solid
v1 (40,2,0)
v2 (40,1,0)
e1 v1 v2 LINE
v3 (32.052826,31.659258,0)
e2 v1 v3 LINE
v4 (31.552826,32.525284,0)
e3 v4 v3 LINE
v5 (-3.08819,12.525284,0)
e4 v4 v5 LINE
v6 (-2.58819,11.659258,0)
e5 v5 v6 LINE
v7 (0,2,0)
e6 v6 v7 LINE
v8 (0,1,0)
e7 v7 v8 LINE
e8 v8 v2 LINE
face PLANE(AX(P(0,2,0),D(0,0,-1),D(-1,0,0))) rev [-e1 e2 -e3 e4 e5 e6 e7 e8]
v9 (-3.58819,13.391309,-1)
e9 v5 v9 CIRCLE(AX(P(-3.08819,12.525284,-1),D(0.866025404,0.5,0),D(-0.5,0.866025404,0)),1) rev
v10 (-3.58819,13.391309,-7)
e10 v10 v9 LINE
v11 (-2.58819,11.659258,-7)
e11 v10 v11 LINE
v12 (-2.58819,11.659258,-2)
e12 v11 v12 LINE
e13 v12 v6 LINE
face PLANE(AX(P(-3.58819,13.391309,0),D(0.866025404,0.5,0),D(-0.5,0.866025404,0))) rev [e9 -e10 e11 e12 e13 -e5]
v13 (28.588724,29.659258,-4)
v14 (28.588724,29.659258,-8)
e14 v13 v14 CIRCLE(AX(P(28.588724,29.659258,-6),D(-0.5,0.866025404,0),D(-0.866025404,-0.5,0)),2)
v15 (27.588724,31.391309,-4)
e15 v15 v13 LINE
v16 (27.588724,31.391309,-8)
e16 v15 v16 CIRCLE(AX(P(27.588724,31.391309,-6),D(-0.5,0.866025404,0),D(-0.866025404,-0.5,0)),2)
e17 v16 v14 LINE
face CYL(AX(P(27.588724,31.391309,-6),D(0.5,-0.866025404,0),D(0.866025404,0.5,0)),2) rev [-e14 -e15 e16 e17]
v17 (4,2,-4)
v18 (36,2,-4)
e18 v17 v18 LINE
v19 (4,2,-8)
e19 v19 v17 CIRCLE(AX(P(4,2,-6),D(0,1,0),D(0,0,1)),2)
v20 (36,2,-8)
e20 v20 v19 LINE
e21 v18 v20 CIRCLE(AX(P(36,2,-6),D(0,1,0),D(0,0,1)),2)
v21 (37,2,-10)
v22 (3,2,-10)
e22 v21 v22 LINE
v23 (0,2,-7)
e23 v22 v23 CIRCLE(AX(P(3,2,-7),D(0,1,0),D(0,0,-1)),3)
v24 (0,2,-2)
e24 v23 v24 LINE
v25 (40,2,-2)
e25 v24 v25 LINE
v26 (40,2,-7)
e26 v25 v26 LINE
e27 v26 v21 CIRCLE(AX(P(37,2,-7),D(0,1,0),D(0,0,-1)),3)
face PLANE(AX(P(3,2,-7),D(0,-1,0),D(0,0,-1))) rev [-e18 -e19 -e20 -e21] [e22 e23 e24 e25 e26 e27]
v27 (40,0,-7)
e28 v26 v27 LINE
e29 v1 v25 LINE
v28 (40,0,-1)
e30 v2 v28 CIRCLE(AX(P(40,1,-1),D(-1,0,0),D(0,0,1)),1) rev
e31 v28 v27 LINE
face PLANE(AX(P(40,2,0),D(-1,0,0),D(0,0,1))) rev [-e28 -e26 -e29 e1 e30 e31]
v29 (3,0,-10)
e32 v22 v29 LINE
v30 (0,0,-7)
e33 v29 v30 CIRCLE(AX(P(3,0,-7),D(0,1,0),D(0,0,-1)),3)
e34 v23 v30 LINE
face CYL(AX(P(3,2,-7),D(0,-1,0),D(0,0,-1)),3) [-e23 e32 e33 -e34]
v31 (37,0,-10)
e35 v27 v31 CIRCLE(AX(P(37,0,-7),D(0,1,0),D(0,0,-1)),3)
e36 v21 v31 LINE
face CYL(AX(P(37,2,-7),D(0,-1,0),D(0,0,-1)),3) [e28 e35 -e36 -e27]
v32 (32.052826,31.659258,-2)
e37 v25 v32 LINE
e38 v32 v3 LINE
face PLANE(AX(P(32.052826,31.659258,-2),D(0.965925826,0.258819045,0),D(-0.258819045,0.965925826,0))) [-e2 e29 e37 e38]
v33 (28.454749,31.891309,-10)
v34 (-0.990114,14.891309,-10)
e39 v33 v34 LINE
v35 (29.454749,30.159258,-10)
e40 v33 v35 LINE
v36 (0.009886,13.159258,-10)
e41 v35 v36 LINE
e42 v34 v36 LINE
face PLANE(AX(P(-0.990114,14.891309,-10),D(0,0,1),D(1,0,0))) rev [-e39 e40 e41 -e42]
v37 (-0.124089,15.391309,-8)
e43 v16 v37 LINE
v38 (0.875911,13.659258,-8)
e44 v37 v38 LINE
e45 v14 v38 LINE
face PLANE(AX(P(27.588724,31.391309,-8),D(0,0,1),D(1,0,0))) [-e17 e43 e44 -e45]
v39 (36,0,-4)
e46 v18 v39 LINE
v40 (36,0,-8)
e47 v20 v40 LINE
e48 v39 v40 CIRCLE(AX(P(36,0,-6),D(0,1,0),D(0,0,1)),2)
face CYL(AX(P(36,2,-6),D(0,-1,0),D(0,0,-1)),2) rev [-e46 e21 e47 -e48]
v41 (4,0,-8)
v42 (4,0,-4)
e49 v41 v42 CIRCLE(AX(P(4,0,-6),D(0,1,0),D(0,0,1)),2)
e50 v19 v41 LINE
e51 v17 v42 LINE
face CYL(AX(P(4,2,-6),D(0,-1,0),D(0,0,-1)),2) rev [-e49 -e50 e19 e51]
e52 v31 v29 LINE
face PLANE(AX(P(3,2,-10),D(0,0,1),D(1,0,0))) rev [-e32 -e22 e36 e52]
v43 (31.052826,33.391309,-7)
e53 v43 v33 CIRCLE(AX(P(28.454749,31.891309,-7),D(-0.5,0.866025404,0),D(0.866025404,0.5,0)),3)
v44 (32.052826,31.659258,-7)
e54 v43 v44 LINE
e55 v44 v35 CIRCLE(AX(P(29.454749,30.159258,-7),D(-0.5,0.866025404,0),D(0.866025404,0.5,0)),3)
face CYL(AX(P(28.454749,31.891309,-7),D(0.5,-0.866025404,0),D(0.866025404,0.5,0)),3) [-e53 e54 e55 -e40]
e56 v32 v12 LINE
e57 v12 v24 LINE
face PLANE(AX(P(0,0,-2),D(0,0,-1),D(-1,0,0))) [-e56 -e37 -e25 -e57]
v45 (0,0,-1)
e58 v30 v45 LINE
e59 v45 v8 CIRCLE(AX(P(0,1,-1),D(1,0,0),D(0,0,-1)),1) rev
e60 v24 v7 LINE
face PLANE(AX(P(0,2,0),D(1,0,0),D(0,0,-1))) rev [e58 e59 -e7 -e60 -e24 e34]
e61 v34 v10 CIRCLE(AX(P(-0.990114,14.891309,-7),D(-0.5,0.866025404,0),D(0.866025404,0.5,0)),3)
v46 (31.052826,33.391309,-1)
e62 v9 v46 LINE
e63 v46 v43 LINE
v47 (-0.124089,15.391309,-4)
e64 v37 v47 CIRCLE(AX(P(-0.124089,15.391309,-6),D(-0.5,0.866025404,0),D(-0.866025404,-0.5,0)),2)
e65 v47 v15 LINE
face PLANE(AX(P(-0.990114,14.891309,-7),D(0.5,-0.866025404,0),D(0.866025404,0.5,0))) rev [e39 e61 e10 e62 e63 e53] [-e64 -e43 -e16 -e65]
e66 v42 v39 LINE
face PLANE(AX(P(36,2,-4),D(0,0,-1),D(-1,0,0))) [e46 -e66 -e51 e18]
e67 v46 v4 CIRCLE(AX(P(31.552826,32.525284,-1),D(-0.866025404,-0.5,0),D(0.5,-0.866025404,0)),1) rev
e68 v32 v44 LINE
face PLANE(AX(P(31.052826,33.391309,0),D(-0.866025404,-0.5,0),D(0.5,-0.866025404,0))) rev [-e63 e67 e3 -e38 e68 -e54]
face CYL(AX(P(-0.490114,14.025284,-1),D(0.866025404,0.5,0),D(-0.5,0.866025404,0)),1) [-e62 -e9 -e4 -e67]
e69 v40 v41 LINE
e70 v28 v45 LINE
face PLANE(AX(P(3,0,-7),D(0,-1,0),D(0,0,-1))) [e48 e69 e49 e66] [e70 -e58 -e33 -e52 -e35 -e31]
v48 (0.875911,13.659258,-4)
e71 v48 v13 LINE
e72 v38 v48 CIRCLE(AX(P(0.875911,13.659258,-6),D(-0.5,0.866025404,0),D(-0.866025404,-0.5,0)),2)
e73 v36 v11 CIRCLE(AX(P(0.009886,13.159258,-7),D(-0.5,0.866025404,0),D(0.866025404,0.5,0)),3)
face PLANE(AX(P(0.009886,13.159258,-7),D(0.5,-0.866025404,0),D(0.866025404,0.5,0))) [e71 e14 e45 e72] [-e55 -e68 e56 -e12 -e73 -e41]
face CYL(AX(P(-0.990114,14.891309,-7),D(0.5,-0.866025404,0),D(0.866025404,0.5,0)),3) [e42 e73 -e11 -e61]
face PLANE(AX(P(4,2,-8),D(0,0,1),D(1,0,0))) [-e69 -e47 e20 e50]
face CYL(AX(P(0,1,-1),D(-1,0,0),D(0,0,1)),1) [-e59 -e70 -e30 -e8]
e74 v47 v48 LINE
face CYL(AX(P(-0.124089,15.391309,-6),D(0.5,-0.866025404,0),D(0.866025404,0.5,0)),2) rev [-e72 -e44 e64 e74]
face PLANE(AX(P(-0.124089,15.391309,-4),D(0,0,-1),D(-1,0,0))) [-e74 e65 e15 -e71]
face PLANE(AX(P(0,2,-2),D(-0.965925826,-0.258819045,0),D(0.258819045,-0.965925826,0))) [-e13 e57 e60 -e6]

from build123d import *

# Parameters (mm, degrees)
BOSS_EXTRUDE2_DEPTH = 2
BOSS_EXTRUDE3_DEPTH = 2
BOSS_EXTRUDE4_DEPTH = 2
FILLET1_R           = 1
FILLET2_R           = 1


with BuildPart() as part:
    # Sketch1 → Boss-Extrude2 (new body)
    with BuildSketch(Plane(origin=(0, 0, 0), x_dir=(1, 0, 0), z_dir=(0, 1, 0))):
        with BuildLine():
            Line((0, 0), (40, 0))
            Line((40, 0), (40, 7))
            ThreePointArc((40, 7), (39.121320344, 9.121320344), (37, 10))
            Line((37, 10), (3, 10))
            ThreePointArc((3, 10), (0.878679656, 9.121320344), (0, 7))
            Line((0, 7), (0, 0))
        make_face()
        with BuildLine():
            Line((4, 8), (36, 8))
            ThreePointArc((36, 8), (38, 6), (36, 4))
            Line((36, 4), (4, 4))
            ThreePointArc((4, 4), (2, 6), (4, 8))
        make_face(mode=Mode.SUBTRACT)
    extrude(amount=BOSS_EXTRUDE2_DEPTH)

    # Sketch2 → Boss-Extrude3 (add)
    with BuildSketch(Plane.XY):
        Polygon((0, 2), (-2.588190451, 11.659258263), (32.0528257, 31.659258263), (40, 2), align=None)
    extrude(amount=-BOSS_EXTRUDE3_DEPTH)

    # Sketch3 → Boss-Extrude4 (add)
    with BuildSketch(Plane(origin=(-5.695654535, 9.865163037, 0), x_dir=(0.866025403784438, 0.5000000000000012, 0), z_dir=(-0.5000000000000012, 0.866025403784438, 0))):
        with BuildLine():
            Line((3.588190451, 0), (43.588190451, 0))
            Line((43.588190451, 0), (43.588190451, 7))
            ThreePointArc((43.588190451, 7), (42.709510795, 9.121320344), (40.588190451, 10))
            Line((40.588190451, 10), (6.588190451, 10))
            ThreePointArc((6.588190451, 10), (4.466870107, 9.121320344), (3.588190451, 7))
            Line((3.588190451, 7), (3.588190451, 0))
        make_face()
        with BuildLine():
            Line((7.588190451, 4), (39.588190451, 4))
            ThreePointArc((39.588190451, 4), (41.588190451, 6), (39.588190451, 8))
            Line((39.588190451, 8), (7.588190451, 8))
            ThreePointArc((7.588190451, 8), (5.588190451, 6), (7.588190451, 4))
        make_face(mode=Mode.SUBTRACT)
    extrude(amount=BOSS_EXTRUDE4_DEPTH)

    # Fillet1
    fillet1_edges = [part.edges().sort_by_distance(p)[0] for p in [
        (20, 0, 0),
    ]]
    fillet(fillet1_edges, radius=FILLET1_R)

    # Fillet2
    fillet2_edges = [part.edges().sort_by_distance(p)[0] for p in [
        (13.732317625, 23.39130907, 0),
    ]]
    fillet(fillet2_edges, radius=FILLET2_R)


solid = part.part
